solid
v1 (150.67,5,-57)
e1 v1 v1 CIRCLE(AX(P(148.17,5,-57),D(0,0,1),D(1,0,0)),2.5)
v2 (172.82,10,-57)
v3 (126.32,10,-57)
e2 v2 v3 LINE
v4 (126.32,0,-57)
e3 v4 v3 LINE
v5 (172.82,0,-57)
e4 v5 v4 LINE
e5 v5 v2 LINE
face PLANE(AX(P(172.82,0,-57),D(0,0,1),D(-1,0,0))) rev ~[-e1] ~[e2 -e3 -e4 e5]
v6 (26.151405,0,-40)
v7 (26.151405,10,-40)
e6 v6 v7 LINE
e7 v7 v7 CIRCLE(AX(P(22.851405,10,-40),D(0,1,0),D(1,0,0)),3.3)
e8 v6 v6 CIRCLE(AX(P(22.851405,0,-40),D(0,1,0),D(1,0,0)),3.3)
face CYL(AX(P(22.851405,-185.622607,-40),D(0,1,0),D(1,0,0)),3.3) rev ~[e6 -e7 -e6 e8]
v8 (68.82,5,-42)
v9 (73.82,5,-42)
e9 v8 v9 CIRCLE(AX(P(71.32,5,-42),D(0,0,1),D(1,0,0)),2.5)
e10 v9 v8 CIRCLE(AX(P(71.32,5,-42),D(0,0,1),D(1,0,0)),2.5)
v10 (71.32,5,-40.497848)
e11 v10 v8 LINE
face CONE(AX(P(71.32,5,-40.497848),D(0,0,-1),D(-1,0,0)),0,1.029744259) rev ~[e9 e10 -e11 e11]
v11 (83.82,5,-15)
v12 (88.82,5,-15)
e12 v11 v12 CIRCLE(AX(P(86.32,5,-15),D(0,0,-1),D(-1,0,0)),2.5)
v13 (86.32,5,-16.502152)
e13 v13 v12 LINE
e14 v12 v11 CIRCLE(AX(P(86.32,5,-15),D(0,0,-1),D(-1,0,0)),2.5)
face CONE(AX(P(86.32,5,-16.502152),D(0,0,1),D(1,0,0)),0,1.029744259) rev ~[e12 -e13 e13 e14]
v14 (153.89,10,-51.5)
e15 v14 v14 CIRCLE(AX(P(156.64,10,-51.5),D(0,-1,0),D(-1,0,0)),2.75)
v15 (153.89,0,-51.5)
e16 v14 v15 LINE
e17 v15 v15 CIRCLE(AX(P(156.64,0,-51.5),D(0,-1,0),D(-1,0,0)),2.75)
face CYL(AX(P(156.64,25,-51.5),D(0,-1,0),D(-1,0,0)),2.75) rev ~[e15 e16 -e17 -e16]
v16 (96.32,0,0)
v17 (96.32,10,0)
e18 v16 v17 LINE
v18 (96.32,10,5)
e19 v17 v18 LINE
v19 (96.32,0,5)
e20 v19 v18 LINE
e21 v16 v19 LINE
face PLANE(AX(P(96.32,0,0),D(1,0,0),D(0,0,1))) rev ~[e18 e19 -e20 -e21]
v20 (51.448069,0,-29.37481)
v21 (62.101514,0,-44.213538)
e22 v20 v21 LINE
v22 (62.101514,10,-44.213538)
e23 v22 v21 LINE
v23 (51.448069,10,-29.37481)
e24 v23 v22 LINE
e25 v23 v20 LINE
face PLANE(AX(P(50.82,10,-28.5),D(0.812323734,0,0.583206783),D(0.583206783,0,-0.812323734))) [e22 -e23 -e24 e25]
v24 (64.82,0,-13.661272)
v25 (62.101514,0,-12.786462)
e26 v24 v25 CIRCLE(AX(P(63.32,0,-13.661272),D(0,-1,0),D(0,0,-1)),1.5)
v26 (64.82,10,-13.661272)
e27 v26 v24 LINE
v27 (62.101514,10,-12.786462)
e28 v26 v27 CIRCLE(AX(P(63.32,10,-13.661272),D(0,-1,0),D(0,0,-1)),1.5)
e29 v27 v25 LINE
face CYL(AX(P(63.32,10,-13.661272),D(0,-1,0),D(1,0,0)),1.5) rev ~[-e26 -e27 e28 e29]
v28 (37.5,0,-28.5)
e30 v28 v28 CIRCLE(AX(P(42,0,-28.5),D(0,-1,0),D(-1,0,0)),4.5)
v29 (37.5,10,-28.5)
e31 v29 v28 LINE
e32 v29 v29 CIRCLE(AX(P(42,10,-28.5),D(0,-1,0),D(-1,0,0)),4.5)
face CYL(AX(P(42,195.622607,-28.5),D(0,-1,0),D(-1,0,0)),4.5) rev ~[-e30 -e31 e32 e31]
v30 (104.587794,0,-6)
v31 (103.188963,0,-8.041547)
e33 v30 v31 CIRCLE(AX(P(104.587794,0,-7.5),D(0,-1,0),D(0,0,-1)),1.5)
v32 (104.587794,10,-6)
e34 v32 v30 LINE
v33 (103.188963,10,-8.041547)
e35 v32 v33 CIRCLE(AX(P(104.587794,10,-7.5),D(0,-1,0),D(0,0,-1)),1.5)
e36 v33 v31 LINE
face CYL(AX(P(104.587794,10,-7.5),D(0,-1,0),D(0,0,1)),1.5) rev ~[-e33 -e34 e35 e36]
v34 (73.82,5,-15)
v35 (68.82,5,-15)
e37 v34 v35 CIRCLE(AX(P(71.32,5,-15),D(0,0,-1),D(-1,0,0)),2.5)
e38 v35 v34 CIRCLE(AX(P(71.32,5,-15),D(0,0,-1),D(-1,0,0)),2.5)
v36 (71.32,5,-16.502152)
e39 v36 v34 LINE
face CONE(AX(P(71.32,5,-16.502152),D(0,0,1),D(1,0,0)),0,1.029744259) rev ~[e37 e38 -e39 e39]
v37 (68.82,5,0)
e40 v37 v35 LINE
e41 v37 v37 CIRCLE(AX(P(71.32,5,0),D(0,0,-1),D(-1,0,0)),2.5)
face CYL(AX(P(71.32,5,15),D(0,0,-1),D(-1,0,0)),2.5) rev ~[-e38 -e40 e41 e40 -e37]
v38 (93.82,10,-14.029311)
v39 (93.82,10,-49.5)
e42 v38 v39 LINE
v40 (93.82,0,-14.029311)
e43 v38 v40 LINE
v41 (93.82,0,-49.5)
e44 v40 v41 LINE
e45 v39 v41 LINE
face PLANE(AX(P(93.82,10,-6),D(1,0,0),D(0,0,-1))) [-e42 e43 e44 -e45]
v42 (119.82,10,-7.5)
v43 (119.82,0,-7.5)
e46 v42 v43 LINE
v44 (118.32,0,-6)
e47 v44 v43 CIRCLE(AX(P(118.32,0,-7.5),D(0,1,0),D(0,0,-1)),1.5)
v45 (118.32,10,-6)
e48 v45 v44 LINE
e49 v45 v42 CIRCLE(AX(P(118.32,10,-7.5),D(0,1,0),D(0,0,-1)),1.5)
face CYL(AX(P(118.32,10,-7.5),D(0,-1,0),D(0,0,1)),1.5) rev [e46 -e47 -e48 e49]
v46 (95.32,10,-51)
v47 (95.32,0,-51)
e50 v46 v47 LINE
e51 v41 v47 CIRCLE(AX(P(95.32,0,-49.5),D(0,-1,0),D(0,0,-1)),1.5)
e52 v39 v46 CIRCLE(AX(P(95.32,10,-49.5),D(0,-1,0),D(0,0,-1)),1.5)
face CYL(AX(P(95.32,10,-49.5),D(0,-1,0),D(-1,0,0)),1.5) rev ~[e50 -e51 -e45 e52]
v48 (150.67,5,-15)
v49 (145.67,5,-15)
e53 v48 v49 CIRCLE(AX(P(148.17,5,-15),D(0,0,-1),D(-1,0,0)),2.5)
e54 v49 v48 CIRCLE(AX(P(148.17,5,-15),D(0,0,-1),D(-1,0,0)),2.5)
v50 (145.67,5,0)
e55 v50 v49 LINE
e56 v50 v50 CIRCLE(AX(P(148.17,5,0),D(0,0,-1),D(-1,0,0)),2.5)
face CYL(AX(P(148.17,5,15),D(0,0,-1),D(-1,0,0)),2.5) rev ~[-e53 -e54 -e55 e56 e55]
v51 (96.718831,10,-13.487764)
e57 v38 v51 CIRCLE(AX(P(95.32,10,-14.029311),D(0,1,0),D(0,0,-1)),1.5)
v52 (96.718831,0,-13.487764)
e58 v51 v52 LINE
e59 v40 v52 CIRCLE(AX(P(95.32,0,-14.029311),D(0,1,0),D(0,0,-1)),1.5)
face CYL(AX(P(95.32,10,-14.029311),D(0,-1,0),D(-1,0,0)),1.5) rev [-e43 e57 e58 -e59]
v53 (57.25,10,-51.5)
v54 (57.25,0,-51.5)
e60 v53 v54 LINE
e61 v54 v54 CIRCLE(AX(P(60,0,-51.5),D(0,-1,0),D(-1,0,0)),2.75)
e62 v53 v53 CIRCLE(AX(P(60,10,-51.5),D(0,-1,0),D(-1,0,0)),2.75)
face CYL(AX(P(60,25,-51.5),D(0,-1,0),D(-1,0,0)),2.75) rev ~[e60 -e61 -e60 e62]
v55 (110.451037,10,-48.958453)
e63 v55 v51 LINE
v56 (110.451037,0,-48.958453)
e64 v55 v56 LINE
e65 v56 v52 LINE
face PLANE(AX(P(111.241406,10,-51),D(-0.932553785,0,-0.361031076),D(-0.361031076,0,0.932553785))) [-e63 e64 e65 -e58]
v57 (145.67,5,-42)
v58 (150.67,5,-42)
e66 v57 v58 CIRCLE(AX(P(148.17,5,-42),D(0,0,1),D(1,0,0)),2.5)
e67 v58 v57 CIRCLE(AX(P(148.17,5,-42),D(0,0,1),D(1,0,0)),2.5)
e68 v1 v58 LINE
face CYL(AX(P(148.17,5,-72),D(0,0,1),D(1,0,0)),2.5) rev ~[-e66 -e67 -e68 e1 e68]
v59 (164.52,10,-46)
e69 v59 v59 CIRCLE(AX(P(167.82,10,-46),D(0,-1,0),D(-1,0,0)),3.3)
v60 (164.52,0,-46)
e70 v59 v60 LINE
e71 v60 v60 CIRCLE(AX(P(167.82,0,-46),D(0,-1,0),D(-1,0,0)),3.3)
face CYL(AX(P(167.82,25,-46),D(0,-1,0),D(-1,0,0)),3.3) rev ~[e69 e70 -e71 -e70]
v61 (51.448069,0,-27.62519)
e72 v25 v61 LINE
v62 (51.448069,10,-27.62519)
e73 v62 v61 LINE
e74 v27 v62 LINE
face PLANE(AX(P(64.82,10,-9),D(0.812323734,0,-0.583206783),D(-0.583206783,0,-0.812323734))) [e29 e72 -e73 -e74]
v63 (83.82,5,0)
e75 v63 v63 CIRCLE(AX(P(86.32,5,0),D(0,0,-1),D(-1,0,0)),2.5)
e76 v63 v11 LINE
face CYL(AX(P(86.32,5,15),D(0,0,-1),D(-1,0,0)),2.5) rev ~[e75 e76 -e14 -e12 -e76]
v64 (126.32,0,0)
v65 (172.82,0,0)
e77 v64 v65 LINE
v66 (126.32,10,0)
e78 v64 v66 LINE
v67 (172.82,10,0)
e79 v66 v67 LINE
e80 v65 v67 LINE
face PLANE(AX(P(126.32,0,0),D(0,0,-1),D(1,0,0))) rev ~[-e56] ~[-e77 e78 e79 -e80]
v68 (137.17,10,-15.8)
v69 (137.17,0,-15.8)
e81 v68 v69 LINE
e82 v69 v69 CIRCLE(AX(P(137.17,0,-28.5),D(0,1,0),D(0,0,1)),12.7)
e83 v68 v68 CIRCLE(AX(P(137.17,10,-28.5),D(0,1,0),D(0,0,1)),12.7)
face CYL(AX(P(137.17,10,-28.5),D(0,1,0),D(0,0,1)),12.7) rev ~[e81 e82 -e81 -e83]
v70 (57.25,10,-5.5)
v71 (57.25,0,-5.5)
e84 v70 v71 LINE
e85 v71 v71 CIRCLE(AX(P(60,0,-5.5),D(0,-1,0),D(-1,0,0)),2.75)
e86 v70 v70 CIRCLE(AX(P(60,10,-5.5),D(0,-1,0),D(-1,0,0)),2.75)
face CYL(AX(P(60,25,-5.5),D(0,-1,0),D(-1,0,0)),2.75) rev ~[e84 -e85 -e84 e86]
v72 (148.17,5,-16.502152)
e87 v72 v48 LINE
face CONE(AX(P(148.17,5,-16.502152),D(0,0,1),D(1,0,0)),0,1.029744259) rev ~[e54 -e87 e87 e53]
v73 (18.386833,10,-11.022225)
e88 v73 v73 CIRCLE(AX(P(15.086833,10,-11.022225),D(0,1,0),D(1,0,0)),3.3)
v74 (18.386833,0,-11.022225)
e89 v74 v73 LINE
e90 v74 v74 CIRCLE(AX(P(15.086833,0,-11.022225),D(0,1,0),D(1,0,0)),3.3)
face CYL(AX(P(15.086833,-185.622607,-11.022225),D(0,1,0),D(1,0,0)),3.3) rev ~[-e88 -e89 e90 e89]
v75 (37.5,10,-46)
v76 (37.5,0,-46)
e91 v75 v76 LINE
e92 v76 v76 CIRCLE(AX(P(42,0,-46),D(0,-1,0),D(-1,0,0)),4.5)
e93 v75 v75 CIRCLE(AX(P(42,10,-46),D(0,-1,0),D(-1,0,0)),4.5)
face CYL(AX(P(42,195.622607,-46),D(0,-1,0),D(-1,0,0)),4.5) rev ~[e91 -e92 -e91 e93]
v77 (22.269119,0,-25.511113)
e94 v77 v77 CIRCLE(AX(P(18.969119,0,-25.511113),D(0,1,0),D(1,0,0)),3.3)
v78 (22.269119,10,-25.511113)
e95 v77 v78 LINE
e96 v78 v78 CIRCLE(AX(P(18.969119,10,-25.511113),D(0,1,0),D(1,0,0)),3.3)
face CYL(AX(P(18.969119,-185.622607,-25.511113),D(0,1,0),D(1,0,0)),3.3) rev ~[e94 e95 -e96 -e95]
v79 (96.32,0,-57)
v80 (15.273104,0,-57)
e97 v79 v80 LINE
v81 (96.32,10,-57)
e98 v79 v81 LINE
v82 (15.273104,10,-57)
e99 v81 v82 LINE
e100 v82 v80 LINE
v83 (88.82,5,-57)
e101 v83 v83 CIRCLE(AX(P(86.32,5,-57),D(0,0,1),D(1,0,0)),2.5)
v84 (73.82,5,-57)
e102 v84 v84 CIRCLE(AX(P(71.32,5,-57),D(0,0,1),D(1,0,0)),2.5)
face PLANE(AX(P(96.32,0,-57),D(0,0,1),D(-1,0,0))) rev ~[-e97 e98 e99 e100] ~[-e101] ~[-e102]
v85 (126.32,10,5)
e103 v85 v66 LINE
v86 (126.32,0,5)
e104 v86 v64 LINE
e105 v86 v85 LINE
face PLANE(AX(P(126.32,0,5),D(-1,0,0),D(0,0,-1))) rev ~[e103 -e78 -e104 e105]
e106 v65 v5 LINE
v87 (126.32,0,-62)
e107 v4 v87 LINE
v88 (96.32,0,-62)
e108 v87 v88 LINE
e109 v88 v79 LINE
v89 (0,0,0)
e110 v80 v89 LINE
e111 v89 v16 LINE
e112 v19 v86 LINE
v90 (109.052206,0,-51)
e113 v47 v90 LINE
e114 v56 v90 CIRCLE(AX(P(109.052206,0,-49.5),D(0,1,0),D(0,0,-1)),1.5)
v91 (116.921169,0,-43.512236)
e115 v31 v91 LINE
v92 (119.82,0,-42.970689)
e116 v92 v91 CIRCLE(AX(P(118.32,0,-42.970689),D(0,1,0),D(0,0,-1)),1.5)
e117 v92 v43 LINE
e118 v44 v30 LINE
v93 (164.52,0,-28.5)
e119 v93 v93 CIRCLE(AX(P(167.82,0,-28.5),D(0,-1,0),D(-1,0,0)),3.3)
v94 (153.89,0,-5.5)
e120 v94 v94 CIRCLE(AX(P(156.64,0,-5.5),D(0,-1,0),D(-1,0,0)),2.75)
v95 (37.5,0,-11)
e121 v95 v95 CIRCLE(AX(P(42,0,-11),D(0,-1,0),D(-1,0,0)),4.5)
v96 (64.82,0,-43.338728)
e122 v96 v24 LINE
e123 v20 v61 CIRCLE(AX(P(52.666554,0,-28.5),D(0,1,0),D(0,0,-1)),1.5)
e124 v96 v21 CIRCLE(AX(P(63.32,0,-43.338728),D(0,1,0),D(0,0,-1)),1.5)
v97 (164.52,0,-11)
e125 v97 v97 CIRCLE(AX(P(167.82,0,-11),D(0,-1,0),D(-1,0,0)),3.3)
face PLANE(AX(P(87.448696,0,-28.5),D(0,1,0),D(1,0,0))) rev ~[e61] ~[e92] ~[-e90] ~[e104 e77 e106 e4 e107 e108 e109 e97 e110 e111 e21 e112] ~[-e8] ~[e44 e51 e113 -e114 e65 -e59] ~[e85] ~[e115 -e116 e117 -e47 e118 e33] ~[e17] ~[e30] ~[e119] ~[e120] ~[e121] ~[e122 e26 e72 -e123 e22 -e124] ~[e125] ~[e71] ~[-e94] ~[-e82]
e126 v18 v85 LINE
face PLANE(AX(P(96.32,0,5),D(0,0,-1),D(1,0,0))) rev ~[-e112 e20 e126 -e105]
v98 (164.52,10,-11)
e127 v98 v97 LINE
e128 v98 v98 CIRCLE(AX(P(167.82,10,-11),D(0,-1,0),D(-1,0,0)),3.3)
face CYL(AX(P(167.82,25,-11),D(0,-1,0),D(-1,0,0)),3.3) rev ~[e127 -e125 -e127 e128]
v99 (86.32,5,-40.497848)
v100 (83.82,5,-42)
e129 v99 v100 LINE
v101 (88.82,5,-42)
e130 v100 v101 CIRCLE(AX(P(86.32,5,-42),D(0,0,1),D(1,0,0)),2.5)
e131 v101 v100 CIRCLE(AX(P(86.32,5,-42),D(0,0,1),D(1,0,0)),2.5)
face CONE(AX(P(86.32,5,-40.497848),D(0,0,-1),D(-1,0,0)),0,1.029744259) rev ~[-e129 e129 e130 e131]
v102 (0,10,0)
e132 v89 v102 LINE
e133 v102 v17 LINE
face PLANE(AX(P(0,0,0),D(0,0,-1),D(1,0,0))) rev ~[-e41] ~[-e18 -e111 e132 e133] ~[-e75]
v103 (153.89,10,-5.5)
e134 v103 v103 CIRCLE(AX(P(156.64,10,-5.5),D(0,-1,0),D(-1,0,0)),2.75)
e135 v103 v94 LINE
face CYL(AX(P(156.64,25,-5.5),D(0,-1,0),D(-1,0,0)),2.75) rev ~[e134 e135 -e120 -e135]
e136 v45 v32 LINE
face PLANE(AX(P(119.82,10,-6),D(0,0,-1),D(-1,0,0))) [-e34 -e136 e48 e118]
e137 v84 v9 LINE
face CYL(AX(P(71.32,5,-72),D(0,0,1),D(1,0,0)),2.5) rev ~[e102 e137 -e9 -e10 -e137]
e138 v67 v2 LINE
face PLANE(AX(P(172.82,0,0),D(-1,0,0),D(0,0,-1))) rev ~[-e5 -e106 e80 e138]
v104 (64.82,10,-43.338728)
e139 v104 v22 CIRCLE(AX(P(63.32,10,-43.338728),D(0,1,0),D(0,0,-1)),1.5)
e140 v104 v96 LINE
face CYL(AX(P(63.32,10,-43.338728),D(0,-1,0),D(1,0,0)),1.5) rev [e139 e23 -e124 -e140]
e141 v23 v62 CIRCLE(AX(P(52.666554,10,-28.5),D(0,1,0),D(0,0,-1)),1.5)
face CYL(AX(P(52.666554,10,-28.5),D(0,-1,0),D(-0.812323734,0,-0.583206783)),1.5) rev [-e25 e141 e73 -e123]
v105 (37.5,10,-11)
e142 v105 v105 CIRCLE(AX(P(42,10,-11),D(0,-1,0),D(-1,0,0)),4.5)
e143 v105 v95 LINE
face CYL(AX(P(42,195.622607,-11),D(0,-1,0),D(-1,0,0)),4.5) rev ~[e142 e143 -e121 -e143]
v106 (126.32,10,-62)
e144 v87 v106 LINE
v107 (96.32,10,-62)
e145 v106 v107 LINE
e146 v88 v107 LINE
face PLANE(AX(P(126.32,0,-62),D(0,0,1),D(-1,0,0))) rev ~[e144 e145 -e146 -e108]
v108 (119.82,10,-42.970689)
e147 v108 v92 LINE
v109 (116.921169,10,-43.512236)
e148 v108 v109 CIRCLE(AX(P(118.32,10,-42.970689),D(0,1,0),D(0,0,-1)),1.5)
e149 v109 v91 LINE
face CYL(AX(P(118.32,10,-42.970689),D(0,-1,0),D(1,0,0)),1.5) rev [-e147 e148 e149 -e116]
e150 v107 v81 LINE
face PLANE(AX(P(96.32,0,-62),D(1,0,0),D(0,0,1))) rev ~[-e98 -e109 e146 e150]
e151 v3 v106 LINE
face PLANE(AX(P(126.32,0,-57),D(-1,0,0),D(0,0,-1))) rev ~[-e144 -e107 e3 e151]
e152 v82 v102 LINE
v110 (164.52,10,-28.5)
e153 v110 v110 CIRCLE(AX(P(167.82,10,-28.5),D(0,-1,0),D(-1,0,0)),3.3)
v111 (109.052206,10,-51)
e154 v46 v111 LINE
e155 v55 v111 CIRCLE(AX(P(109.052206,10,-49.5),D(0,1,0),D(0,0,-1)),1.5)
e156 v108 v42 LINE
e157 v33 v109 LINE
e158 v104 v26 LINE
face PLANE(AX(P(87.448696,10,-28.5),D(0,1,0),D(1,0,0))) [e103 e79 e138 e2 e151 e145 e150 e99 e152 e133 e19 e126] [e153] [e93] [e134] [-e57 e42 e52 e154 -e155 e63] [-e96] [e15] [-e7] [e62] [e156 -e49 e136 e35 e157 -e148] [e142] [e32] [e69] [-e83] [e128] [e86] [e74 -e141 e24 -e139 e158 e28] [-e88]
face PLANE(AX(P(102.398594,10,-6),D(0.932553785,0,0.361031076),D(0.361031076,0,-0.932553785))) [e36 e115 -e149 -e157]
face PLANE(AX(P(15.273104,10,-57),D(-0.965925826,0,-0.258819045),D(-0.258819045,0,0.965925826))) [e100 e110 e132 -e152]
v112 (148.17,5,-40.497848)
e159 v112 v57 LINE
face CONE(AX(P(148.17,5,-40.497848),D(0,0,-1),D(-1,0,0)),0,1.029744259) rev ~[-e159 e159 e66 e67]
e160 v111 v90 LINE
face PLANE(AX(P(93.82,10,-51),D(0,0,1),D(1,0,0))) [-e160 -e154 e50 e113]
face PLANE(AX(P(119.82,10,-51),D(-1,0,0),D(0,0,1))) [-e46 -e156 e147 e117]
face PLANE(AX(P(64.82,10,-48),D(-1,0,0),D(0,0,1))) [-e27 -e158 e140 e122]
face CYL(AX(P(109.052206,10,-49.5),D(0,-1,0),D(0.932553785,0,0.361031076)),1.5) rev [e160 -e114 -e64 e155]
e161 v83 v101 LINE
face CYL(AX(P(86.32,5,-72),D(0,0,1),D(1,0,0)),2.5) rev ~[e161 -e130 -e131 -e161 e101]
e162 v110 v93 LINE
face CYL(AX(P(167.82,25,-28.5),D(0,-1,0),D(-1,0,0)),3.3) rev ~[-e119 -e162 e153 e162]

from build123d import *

# Parameters (mm, degrees)
RESSALTO_EXTRUS_O1_DEPTH                    = 10
FURO_COM_FOLGA_DE_M61_D                     = 6.6
FURO_COM_FOLGA_DE_M61_DEPTH                 = 15
FURO_COM_FOLGA_DE_M61_TIP                   = 1.982840043
ESBO_O5_R                                   = 9.525
CORTE_EXTRUS_O1_DEPTH                       = 184.877003456
ESBO_O6_R                                   = 12.7
CORTE_EXTRUS_O2_DEPTH                       = 184.877003456
BROCA_DE_ROSQUEAR_PARA_TARRAXA_DE_M61_D     = 5
BROCA_DE_ROSQUEAR_PARA_TARRAXA_DE_M61_DEPTH = 15
BROCA_DE_ROSQUEAR_PARA_TARRAXA_DE_M61_TIP   = 1.502151548
BROCA_DE_ROSQUEAR_PARA_TARRAXA_DE_M62_D     = 5
BROCA_DE_ROSQUEAR_PARA_TARRAXA_DE_M62_DEPTH = 15
BROCA_DE_ROSQUEAR_PARA_TARRAXA_DE_M62_TIP   = 1.502151548
FURO_COM_FOLGA_DE_M81_D                     = 9
FURO_COM_FOLGA_DE_M51_D                     = 5.5
FURO_COM_FOLGA_DE_M51_DEPTH                 = 15
FURO_COM_FOLGA_DE_M51_TIP                   = 1.652366702
CORTE_EXTRUS_O5_DEPTH                       = 184.877003456
FURO_COM_FOLGA_DE_M62_D                     = 6.6
CORTE_EXTRUS_O6_DEPTH                       = 184.877003456
FILETE3_R                                   = 1.5


with BuildPart() as part:
    # Esboço2 → Ressalto-extrusão1 (new body)
    with BuildSketch(Plane(origin=(0, 0, 0), x_dir=(1, 0, 0), z_dir=(0, 1, 0))):
        Polygon((0, 0), (96.32, 0), (96.32, -5), (126.32, -5), (126.32, 0), (172.82, 0), (172.82, 57), (126.32, 57), (126.32, 62), (96.32, 62), (96.32, 57), (0, 57), align=None)
    extrude(amount=RESSALTO_EXTRUS_O1_DEPTH)

    # Furo com folga de M61
    with Locations(Plane(origin=(0, 10, 0), x_dir=(1, 0, 0), z_dir=(0, 1, 0))):
        with Locations((167.82, 46), (167.82, 28.5), (167.82, 11)):
            Hole(FURO_COM_FOLGA_DE_M61_D / 2, depth=FURO_COM_FOLGA_DE_M61_DEPTH)
            with Locations((0, 0, -(FURO_COM_FOLGA_DE_M61_DEPTH + FURO_COM_FOLGA_DE_M61_TIP / 2))):  # 118° drill point
                Cone(0, FURO_COM_FOLGA_DE_M61_D / 2, FURO_COM_FOLGA_DE_M61_TIP, mode=Mode.SUBTRACT)

    # Esboço5 → Corte-extrusão1 (cut, through all)
    with BuildSketch(Plane(origin=(0, 10, 0), x_dir=(1, 0, 0), z_dir=(0, 1, 0))):
        with Locations(Location((137.17, 28.5, 0), (0, 0, 270))):
            Circle(ESBO_O5_R)
    extrude(amount=-CORTE_EXTRUS_O1_DEPTH, mode=Mode.SUBTRACT)

    # Esboço6 → Corte-extrusão2 (cut, through all)
    with BuildSketch(Plane(origin=(0, 10, 0), x_dir=(1, 0, 0), z_dir=(0, 1, 0))):
        with Locations(Location((137.17, 28.5, 0), (0, 0, 270))):
            Circle(ESBO_O6_R)
    extrude(amount=-CORTE_EXTRUS_O2_DEPTH, mode=Mode.SUBTRACT)

    # Broca de rosquear para tarraxa de M61
    with Locations(Plane(origin=(0, 0, -57), x_dir=(-1, 0, 0), z_dir=(0, 0, -1))):
        with Locations((-148.17, 5), (-86.32, 5), (-71.32, 5)):
            Hole(BROCA_DE_ROSQUEAR_PARA_TARRAXA_DE_M61_D / 2, depth=BROCA_DE_ROSQUEAR_PARA_TARRAXA_DE_M61_DEPTH)
            with Locations((0, 0, -(BROCA_DE_ROSQUEAR_PARA_TARRAXA_DE_M61_DEPTH + BROCA_DE_ROSQUEAR_PARA_TARRAXA_DE_M61_TIP / 2))):  # 118° drill point
                Cone(0, BROCA_DE_ROSQUEAR_PARA_TARRAXA_DE_M61_D / 2, BROCA_DE_ROSQUEAR_PARA_TARRAXA_DE_M61_TIP, mode=Mode.SUBTRACT)

    # Broca de rosquear para tarraxa de M62
    with Locations(Plane.XY):
        with Locations((86.32, 5), (148.17, 5), (71.32, 5)):
            Hole(BROCA_DE_ROSQUEAR_PARA_TARRAXA_DE_M62_D / 2, depth=BROCA_DE_ROSQUEAR_PARA_TARRAXA_DE_M62_DEPTH)
            with Locations((0, 0, -(BROCA_DE_ROSQUEAR_PARA_TARRAXA_DE_M62_DEPTH + BROCA_DE_ROSQUEAR_PARA_TARRAXA_DE_M62_TIP / 2))):  # 118° drill point
                Cone(0, BROCA_DE_ROSQUEAR_PARA_TARRAXA_DE_M62_D / 2, BROCA_DE_ROSQUEAR_PARA_TARRAXA_DE_M62_TIP, mode=Mode.SUBTRACT)

    # Furo com folga de M81 (through all)
    with Locations(Plane(origin=(0, 10, 0), x_dir=(1, 0, 0), z_dir=(0, 1, 0))):
        with Locations((42, 46), (42, 28.5), (42, 11)):
            Hole(FURO_COM_FOLGA_DE_M81_D / 2)

    # Furo com folga de M51
    with Locations(Plane(origin=(0, 10, 0), x_dir=(1, 0, 0), z_dir=(0, 1, 0))):
        with Locations((156.64, 51.5), (156.64, 5.5), (60, 5.5), (60, 51.5)):
            Hole(FURO_COM_FOLGA_DE_M51_D / 2, depth=FURO_COM_FOLGA_DE_M51_DEPTH)
            with Locations((0, 0, -(FURO_COM_FOLGA_DE_M51_DEPTH + FURO_COM_FOLGA_DE_M51_TIP / 2))):  # 118° drill point
                Cone(0, FURO_COM_FOLGA_DE_M51_D / 2, FURO_COM_FOLGA_DE_M51_TIP, mode=Mode.SUBTRACT)

    # Esboço22 → Corte-extrusão5 (cut, through all)
    with BuildSketch(Plane(origin=(0, 10, 0), x_dir=(1, 0, 0), z_dir=(0, 1, 0))):
        Polygon((0, 0), (0, 57), (15.273103969, 57), align=None)
    extrude(amount=-CORTE_EXTRUS_O5_DEPTH, mode=Mode.SUBTRACT)

    # Furo com folga de M62 (through all)
    with Locations(Plane(origin=(0, 0, 0), x_dir=(-1, 0, 0), z_dir=(0, -1, 0))):
        with Locations((-22.851404532, 40), (-15.086833179, 11.022225211), (-18.969118855, 25.511112606)):
            Hole(FURO_COM_FOLGA_DE_M62_D / 2)

    # Esboço25 → Corte-extrusão6 (cut, through all)
    with BuildSketch(Plane(origin=(0, 10, 0), x_dir=(1, 0, 0), z_dir=(0, 1, 0))):
        Polygon((64.82, 9), (50.82, 28.5), (64.82, 48), align=None)
        Polygon((93.82, 51), (111.241406328, 51), (93.82, 6), align=None)
        Polygon((102.398593672, 6), (119.82, 51), (119.82, 6), align=None)
    extrude(amount=-CORTE_EXTRUS_O6_DEPTH, mode=Mode.SUBTRACT)

    # Filete3
    filete3_edges = [part.edges().sort_by_distance(p)[0] for p in [
        (64.82, 5, -48),
        (64.82, 5, -9),
        (50.82, 5, -28.5),
        (119.82, 5, -6),
        (102.398593672, 5, -6),
        (119.82, 5, -51),
        (93.82, 5, -6),
        (93.82, 5, -51),
        (111.241406328, 5, -51),
    ]]
    fillet(filete3_edges, radius=FILETE3_R)


solid = part.part
